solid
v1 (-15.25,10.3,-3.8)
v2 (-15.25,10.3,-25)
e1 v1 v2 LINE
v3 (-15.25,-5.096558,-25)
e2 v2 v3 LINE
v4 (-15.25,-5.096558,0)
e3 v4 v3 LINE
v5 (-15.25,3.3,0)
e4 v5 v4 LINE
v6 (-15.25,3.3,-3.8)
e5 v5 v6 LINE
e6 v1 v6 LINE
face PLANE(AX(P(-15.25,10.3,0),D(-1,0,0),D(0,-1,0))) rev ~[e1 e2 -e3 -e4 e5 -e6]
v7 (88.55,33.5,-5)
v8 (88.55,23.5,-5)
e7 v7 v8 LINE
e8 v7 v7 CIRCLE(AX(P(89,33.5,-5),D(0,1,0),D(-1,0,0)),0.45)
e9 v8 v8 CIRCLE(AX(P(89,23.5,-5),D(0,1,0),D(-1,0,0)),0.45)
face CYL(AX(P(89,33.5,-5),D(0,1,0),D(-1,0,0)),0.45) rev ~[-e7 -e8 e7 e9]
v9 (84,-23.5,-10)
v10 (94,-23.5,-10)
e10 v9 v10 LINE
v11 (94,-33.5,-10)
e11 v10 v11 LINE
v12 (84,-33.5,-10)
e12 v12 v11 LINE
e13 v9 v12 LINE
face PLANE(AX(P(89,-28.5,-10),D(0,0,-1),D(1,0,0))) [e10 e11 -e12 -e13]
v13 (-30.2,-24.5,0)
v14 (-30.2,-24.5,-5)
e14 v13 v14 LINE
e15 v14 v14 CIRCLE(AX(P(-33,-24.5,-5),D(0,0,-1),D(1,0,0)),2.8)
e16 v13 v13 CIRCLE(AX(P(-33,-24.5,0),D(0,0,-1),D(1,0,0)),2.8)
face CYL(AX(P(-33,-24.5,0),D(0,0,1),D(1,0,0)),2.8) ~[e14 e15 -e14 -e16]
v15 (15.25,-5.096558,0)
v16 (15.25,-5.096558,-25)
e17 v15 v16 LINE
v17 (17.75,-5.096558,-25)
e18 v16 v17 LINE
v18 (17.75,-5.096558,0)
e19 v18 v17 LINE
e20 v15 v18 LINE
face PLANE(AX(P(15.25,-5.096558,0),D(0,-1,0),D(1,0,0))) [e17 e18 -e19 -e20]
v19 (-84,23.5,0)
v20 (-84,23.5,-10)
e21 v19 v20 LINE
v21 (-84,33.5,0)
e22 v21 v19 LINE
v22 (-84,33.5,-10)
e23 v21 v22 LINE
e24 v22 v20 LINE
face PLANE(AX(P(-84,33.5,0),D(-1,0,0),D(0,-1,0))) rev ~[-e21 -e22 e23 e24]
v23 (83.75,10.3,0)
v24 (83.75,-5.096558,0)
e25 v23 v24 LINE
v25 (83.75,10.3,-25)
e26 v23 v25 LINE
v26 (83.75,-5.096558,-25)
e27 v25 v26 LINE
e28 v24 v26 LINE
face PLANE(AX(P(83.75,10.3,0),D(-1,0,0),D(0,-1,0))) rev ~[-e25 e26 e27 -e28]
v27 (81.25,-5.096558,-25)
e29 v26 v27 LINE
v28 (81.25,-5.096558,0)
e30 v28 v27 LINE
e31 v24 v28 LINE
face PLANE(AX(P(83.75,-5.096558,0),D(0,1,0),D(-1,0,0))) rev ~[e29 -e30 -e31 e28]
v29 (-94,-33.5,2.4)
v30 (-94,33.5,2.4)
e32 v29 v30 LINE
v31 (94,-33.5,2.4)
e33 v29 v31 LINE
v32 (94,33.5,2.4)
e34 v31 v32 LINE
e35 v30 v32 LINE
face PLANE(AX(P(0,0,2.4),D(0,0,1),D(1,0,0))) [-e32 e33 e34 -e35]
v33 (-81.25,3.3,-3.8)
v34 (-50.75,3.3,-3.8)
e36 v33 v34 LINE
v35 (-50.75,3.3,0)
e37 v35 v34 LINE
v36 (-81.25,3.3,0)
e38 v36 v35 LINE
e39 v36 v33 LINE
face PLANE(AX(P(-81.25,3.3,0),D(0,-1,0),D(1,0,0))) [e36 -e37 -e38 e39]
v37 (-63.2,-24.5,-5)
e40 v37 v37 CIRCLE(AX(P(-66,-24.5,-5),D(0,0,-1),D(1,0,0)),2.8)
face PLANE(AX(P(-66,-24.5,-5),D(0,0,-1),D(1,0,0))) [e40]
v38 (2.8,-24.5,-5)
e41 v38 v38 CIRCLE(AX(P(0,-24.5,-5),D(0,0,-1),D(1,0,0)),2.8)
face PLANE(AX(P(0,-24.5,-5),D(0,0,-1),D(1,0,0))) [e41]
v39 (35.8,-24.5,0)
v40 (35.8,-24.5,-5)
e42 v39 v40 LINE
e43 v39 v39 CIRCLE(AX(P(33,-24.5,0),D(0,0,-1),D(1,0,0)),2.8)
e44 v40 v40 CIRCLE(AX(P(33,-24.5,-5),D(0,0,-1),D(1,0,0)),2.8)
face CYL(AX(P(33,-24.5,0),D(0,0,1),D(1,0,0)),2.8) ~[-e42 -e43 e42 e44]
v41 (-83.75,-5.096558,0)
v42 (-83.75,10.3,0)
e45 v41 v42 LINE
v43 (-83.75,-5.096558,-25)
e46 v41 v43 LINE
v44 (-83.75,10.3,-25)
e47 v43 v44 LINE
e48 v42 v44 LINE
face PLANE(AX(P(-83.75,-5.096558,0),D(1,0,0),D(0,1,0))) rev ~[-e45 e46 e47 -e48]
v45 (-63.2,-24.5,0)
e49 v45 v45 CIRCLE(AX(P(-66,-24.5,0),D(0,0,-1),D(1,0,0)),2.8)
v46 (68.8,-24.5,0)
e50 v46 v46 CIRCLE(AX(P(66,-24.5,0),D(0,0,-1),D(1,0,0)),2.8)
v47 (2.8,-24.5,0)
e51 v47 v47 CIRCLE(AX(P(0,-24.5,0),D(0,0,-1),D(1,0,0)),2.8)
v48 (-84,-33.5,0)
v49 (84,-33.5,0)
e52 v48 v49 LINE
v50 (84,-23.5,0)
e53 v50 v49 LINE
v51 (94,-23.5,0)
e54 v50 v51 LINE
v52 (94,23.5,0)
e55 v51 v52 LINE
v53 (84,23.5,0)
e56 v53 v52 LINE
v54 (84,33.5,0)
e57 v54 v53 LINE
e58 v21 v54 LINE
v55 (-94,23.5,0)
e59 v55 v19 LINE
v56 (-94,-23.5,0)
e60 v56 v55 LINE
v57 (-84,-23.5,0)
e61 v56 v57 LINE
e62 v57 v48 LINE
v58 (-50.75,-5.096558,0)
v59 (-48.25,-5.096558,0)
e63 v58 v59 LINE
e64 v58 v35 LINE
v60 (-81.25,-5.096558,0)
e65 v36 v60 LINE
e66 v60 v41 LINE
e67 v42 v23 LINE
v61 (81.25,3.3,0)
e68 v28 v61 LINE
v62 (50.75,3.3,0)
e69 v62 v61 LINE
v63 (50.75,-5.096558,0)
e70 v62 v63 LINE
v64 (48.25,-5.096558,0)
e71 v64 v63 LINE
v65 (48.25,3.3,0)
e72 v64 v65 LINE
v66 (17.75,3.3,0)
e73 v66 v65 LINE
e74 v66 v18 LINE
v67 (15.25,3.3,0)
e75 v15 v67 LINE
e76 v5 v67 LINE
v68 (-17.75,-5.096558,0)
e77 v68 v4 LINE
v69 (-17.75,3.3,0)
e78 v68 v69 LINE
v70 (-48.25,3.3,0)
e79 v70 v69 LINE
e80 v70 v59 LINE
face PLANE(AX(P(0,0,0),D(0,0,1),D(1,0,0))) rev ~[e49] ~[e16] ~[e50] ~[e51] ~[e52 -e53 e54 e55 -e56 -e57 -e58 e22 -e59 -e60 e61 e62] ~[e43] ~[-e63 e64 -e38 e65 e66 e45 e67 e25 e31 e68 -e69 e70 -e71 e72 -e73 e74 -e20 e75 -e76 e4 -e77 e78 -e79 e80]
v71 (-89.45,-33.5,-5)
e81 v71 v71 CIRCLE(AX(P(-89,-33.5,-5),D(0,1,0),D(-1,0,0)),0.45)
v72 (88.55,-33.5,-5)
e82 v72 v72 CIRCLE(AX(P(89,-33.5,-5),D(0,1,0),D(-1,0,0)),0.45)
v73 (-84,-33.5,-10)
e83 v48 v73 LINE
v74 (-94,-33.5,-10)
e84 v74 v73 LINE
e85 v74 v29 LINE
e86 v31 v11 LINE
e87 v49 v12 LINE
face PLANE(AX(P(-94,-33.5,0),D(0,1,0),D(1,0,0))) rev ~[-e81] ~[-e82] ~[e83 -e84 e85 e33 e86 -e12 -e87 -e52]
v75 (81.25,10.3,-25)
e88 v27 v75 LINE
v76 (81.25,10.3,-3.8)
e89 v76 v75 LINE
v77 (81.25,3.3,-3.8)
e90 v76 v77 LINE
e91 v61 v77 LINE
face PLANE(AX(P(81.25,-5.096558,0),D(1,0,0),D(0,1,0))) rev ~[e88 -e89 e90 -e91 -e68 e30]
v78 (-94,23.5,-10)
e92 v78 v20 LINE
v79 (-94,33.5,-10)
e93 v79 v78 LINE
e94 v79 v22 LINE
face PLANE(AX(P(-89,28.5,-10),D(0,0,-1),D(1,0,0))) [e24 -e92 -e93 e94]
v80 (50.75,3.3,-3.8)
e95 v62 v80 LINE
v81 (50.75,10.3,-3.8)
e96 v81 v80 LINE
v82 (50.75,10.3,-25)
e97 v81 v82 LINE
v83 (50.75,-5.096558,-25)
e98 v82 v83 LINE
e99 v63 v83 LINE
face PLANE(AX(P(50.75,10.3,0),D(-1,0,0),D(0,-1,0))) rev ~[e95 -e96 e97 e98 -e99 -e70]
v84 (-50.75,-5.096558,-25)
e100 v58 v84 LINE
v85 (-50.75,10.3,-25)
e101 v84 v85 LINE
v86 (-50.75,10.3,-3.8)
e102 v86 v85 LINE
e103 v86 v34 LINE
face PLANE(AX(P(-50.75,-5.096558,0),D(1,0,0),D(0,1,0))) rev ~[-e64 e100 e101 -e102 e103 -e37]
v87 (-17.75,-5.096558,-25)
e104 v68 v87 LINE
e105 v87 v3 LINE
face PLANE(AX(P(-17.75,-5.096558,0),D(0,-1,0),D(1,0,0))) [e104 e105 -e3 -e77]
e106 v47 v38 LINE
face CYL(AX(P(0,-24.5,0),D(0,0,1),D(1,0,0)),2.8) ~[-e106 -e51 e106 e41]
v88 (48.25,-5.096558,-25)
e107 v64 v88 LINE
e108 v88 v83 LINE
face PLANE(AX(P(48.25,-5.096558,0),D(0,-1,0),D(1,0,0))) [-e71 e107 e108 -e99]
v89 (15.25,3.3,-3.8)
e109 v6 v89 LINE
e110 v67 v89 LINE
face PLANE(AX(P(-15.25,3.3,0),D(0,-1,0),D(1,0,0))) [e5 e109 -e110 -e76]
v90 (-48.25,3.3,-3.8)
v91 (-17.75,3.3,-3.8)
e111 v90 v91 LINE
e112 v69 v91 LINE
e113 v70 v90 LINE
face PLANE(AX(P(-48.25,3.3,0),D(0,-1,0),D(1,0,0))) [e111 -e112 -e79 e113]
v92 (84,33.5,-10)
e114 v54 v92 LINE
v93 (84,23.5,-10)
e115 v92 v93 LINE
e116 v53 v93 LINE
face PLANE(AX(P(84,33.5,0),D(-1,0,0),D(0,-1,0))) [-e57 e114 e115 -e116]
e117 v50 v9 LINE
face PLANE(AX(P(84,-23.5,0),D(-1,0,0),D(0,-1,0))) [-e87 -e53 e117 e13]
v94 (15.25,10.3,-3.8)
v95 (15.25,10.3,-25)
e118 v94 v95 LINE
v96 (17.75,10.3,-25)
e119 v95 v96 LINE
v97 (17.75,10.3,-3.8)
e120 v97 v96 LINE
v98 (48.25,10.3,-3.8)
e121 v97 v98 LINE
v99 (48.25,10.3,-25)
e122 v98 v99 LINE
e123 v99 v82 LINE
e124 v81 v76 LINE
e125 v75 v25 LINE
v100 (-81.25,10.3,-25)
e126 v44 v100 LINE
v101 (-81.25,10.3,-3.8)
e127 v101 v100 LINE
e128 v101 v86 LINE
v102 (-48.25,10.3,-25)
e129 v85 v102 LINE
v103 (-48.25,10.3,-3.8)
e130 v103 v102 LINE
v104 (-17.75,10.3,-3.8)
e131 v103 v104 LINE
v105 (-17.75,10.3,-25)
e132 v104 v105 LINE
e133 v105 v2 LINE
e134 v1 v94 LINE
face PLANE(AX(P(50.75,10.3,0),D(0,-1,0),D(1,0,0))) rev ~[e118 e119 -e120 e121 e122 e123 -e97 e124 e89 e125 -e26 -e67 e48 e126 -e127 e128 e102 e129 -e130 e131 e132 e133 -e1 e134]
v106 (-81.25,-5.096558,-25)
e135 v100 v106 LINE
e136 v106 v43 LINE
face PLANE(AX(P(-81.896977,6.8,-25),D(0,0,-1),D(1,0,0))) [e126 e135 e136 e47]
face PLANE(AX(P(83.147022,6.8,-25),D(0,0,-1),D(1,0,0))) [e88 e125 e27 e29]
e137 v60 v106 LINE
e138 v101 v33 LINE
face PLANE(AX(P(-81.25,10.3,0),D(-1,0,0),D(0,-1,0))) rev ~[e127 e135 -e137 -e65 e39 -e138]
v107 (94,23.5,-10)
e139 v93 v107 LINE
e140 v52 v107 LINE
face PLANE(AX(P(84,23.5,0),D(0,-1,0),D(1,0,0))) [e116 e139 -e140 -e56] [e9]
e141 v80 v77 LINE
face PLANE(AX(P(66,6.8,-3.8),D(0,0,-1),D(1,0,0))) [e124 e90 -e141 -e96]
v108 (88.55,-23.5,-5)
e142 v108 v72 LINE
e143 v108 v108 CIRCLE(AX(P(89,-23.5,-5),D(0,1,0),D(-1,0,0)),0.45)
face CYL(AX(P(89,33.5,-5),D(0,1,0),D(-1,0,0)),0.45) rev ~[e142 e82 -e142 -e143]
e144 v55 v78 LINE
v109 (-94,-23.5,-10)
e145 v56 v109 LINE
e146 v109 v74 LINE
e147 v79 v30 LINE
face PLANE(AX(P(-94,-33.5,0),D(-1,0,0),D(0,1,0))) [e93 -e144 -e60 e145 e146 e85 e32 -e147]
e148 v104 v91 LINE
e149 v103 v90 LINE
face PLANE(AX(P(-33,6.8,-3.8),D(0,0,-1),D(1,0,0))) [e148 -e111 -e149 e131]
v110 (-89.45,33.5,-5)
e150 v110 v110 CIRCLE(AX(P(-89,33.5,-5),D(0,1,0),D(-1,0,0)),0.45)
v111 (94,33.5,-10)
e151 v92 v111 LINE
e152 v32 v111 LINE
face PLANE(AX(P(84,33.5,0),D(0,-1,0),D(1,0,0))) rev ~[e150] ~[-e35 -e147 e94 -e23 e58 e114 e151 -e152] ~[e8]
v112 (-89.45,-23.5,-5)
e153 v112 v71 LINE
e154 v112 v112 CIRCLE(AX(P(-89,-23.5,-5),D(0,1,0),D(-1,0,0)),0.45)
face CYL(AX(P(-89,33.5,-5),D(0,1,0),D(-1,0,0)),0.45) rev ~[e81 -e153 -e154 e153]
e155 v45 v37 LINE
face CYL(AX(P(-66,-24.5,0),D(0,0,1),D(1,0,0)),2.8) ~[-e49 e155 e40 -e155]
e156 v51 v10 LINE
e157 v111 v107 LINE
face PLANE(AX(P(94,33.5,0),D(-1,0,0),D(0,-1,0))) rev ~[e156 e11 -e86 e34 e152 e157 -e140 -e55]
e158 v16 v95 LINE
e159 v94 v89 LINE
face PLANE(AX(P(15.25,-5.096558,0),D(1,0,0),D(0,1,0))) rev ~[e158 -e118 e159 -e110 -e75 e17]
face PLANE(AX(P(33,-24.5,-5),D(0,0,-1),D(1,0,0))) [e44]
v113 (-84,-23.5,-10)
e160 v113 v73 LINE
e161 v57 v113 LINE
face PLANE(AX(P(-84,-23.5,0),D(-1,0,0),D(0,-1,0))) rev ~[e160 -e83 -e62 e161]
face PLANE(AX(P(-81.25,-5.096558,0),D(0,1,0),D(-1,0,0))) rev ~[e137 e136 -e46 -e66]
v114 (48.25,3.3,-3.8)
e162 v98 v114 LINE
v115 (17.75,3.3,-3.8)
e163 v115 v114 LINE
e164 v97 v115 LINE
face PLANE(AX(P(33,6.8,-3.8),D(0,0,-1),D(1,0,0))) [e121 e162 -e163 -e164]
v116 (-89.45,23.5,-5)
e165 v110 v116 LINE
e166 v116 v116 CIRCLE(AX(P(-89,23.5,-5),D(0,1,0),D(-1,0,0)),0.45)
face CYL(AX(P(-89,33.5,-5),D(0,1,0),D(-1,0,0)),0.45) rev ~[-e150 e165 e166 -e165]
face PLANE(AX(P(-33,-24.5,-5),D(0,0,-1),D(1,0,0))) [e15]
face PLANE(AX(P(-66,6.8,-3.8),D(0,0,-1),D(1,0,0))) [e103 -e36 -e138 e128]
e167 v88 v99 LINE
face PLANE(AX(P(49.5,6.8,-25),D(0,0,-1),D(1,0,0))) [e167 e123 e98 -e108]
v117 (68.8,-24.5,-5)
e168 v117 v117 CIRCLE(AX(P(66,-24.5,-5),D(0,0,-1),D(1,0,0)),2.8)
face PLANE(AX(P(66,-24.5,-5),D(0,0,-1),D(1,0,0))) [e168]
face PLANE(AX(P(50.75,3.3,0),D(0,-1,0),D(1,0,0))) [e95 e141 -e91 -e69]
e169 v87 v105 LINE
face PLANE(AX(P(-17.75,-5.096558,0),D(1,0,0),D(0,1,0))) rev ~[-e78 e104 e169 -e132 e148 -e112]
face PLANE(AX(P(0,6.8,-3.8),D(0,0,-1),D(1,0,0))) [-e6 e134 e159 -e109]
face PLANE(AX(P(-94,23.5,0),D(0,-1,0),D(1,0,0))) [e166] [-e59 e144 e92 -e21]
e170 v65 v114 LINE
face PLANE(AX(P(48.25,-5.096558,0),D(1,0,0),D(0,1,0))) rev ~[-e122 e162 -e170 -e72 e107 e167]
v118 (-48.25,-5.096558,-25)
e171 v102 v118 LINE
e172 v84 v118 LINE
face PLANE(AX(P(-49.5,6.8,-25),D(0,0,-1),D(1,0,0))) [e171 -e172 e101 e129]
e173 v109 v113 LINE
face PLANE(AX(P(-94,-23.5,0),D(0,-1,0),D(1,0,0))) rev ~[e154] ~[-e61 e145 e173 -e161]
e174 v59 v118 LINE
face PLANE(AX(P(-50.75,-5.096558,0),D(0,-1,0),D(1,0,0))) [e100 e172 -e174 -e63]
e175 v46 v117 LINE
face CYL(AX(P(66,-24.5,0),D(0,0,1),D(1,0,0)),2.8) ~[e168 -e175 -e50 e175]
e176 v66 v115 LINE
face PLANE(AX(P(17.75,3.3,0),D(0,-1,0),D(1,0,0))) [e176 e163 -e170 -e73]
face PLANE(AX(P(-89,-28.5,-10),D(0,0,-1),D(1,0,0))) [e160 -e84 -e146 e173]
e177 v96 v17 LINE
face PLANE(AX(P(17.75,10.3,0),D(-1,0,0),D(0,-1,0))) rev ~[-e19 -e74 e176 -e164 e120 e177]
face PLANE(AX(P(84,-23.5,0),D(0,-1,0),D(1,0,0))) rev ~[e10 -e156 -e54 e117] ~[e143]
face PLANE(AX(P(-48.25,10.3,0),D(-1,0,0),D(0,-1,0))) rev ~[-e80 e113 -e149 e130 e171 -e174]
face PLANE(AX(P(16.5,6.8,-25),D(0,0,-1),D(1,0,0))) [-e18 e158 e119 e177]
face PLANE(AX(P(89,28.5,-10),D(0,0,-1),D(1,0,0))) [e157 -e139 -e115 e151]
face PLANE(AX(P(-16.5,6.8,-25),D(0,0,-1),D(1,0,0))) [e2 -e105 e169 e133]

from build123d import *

# Parameters (mm, degrees)
F0_W     = 188
F0_H     = 67
F1_DEPTH = 2.4
F2_R     = 2.8
F3_DEPTH = 5
F2_W     = 10
F2_H     = 10
F4_DEPTH = 10
F2_W_2   = 2.5
F2_H_2   = 7
F2_W_3   = 1.2939542532
F2_W_4   = 1.2059563398
F2_H_3   = 8.3965584815
F2_W_5   = 1.2060457468
F2_W_6   = 1.2940436602
F5_DEPTH = 25
F2_W_7   = 30.5
F6_DEPTH = 3.8
F7_R     = 0.45
F8_DEPTH = 67.001


with BuildPart() as f1:
    # F0 (on Top) → F1 (new body)
    with BuildSketch(Plane.XY):
        Rectangle(F0_W, F0_H)
    extrude(amount=F1_DEPTH)

    # F2 (on face) → F3 (join)
    with BuildSketch(Plane(origin=(0, 0, 0), x_dir=(1, 0, 0), z_dir=(0, 0, -1))):
        with Locations((66, 24.5)):
            Circle(F2_R)
        with Locations((33, 24.5)):
            Circle(F2_R)
        with Locations((0, 24.5)):
            Circle(F2_R)
        with Locations((-33, 24.5)):
            Circle(F2_R)
        with Locations((-66, 24.5)):
            Circle(F2_R)
    extrude(amount=F3_DEPTH)

    # F2 (on face) → F4 (join)
    with BuildSketch(Plane(origin=(0, 0, 0), x_dir=(1, 0, 0), z_dir=(0, 0, -1))):
        with Locations((89, -28.5)):
            Rectangle(F2_W, F2_H)
        with Locations((89, 28.5)):
            Rectangle(F2_W, F2_H)
        with Locations((-89, -28.5)):
            Rectangle(F2_W, F2_H)
        with Locations((-89, 28.5)):
            Rectangle(F2_W, F2_H)
    extrude(amount=F4_DEPTH)

    # F2 (on face) → F5 (join)
    with BuildSketch(Plane(origin=(0, 0, 0), x_dir=(1, 0, 0), z_dir=(0, 0, -1))):
        with Locations((-49.5, -6.8)):
            Rectangle(F2_W_2, F2_H_2)
        with Locations((-16.5, -6.8)):
            Rectangle(F2_W_2, F2_H_2)
        with Locations((16.5, -6.8)):
            Rectangle(F2_W_2, F2_H_2)
        with Locations((49.5, -6.8)):
            Rectangle(F2_W_2, F2_H_2)
        with Locations((-81.8969771266, -6.8)):
            Rectangle(F2_W_3, F2_H_2)
        with Locations((83.1470218301, -6.8)):
            Rectangle(F2_W_4, F2_H_2)
        Polygon((-82.5439542532, -3.3), (-81.25, -3.3), (-81.25, 5.0965584815), (-83.75, 5.0965584815), (-83.75, -3.3), align=None)
        with Locations((-49.5, 0.8982792407)):
            Rectangle(F2_W_2, F2_H_3)
        with Locations((-16.5, 0.8982792407)):
            Rectangle(F2_W_2, F2_H_3)
        with Locations((16.5, 0.8982792407)):
            Rectangle(F2_W_2, F2_H_3)
        with Locations((49.5, 0.8982792407)):
            Rectangle(F2_W_2, F2_H_3)
        Polygon((82.5440436602, -3.3), (83.75, -3.3), (83.75, 5.0965584815), (81.25, 5.0965584815), (81.25, -3.3), align=None)
        with Locations((-83.1469771266, -6.8)):
            Rectangle(F2_W_5, F2_H_2)
        with Locations((81.8970218301, -6.8)):
            Rectangle(F2_W_6, F2_H_2)
    extrude(amount=F5_DEPTH)

    # F2 (on face) → F6 (join)
    with BuildSketch(Plane(origin=(0, 0, 0), x_dir=(1, 0, 0), z_dir=(0, 0, -1))):
        with Locations((66, -6.8)):
            Rectangle(F2_W_7, F2_H_2)
        with Locations((33, -6.8)):
            Rectangle(F2_W_7, F2_H_2)
        with Locations((0, -6.8)):
            Rectangle(F2_W_7, F2_H_2)
        with Locations((-33, -6.8)):
            Rectangle(F2_W_7, F2_H_2)
        with Locations((-66, -6.8)):
            Rectangle(F2_W_7, F2_H_2)
    extrude(amount=F6_DEPTH)

    # F7 (on face) → F8 (cut, through all)
    with BuildSketch(Plane(origin=(0, 33.5, 0), x_dir=(-1, 0, 0), z_dir=(0, 1, 0))):
        with Locations((89, -5)):
            Circle(F7_R)
        with Locations((-89, -5)):
            Circle(F7_R)
    extrude(amount=-F8_DEPTH, mode=Mode.SUBTRACT)


solid = f1.part
